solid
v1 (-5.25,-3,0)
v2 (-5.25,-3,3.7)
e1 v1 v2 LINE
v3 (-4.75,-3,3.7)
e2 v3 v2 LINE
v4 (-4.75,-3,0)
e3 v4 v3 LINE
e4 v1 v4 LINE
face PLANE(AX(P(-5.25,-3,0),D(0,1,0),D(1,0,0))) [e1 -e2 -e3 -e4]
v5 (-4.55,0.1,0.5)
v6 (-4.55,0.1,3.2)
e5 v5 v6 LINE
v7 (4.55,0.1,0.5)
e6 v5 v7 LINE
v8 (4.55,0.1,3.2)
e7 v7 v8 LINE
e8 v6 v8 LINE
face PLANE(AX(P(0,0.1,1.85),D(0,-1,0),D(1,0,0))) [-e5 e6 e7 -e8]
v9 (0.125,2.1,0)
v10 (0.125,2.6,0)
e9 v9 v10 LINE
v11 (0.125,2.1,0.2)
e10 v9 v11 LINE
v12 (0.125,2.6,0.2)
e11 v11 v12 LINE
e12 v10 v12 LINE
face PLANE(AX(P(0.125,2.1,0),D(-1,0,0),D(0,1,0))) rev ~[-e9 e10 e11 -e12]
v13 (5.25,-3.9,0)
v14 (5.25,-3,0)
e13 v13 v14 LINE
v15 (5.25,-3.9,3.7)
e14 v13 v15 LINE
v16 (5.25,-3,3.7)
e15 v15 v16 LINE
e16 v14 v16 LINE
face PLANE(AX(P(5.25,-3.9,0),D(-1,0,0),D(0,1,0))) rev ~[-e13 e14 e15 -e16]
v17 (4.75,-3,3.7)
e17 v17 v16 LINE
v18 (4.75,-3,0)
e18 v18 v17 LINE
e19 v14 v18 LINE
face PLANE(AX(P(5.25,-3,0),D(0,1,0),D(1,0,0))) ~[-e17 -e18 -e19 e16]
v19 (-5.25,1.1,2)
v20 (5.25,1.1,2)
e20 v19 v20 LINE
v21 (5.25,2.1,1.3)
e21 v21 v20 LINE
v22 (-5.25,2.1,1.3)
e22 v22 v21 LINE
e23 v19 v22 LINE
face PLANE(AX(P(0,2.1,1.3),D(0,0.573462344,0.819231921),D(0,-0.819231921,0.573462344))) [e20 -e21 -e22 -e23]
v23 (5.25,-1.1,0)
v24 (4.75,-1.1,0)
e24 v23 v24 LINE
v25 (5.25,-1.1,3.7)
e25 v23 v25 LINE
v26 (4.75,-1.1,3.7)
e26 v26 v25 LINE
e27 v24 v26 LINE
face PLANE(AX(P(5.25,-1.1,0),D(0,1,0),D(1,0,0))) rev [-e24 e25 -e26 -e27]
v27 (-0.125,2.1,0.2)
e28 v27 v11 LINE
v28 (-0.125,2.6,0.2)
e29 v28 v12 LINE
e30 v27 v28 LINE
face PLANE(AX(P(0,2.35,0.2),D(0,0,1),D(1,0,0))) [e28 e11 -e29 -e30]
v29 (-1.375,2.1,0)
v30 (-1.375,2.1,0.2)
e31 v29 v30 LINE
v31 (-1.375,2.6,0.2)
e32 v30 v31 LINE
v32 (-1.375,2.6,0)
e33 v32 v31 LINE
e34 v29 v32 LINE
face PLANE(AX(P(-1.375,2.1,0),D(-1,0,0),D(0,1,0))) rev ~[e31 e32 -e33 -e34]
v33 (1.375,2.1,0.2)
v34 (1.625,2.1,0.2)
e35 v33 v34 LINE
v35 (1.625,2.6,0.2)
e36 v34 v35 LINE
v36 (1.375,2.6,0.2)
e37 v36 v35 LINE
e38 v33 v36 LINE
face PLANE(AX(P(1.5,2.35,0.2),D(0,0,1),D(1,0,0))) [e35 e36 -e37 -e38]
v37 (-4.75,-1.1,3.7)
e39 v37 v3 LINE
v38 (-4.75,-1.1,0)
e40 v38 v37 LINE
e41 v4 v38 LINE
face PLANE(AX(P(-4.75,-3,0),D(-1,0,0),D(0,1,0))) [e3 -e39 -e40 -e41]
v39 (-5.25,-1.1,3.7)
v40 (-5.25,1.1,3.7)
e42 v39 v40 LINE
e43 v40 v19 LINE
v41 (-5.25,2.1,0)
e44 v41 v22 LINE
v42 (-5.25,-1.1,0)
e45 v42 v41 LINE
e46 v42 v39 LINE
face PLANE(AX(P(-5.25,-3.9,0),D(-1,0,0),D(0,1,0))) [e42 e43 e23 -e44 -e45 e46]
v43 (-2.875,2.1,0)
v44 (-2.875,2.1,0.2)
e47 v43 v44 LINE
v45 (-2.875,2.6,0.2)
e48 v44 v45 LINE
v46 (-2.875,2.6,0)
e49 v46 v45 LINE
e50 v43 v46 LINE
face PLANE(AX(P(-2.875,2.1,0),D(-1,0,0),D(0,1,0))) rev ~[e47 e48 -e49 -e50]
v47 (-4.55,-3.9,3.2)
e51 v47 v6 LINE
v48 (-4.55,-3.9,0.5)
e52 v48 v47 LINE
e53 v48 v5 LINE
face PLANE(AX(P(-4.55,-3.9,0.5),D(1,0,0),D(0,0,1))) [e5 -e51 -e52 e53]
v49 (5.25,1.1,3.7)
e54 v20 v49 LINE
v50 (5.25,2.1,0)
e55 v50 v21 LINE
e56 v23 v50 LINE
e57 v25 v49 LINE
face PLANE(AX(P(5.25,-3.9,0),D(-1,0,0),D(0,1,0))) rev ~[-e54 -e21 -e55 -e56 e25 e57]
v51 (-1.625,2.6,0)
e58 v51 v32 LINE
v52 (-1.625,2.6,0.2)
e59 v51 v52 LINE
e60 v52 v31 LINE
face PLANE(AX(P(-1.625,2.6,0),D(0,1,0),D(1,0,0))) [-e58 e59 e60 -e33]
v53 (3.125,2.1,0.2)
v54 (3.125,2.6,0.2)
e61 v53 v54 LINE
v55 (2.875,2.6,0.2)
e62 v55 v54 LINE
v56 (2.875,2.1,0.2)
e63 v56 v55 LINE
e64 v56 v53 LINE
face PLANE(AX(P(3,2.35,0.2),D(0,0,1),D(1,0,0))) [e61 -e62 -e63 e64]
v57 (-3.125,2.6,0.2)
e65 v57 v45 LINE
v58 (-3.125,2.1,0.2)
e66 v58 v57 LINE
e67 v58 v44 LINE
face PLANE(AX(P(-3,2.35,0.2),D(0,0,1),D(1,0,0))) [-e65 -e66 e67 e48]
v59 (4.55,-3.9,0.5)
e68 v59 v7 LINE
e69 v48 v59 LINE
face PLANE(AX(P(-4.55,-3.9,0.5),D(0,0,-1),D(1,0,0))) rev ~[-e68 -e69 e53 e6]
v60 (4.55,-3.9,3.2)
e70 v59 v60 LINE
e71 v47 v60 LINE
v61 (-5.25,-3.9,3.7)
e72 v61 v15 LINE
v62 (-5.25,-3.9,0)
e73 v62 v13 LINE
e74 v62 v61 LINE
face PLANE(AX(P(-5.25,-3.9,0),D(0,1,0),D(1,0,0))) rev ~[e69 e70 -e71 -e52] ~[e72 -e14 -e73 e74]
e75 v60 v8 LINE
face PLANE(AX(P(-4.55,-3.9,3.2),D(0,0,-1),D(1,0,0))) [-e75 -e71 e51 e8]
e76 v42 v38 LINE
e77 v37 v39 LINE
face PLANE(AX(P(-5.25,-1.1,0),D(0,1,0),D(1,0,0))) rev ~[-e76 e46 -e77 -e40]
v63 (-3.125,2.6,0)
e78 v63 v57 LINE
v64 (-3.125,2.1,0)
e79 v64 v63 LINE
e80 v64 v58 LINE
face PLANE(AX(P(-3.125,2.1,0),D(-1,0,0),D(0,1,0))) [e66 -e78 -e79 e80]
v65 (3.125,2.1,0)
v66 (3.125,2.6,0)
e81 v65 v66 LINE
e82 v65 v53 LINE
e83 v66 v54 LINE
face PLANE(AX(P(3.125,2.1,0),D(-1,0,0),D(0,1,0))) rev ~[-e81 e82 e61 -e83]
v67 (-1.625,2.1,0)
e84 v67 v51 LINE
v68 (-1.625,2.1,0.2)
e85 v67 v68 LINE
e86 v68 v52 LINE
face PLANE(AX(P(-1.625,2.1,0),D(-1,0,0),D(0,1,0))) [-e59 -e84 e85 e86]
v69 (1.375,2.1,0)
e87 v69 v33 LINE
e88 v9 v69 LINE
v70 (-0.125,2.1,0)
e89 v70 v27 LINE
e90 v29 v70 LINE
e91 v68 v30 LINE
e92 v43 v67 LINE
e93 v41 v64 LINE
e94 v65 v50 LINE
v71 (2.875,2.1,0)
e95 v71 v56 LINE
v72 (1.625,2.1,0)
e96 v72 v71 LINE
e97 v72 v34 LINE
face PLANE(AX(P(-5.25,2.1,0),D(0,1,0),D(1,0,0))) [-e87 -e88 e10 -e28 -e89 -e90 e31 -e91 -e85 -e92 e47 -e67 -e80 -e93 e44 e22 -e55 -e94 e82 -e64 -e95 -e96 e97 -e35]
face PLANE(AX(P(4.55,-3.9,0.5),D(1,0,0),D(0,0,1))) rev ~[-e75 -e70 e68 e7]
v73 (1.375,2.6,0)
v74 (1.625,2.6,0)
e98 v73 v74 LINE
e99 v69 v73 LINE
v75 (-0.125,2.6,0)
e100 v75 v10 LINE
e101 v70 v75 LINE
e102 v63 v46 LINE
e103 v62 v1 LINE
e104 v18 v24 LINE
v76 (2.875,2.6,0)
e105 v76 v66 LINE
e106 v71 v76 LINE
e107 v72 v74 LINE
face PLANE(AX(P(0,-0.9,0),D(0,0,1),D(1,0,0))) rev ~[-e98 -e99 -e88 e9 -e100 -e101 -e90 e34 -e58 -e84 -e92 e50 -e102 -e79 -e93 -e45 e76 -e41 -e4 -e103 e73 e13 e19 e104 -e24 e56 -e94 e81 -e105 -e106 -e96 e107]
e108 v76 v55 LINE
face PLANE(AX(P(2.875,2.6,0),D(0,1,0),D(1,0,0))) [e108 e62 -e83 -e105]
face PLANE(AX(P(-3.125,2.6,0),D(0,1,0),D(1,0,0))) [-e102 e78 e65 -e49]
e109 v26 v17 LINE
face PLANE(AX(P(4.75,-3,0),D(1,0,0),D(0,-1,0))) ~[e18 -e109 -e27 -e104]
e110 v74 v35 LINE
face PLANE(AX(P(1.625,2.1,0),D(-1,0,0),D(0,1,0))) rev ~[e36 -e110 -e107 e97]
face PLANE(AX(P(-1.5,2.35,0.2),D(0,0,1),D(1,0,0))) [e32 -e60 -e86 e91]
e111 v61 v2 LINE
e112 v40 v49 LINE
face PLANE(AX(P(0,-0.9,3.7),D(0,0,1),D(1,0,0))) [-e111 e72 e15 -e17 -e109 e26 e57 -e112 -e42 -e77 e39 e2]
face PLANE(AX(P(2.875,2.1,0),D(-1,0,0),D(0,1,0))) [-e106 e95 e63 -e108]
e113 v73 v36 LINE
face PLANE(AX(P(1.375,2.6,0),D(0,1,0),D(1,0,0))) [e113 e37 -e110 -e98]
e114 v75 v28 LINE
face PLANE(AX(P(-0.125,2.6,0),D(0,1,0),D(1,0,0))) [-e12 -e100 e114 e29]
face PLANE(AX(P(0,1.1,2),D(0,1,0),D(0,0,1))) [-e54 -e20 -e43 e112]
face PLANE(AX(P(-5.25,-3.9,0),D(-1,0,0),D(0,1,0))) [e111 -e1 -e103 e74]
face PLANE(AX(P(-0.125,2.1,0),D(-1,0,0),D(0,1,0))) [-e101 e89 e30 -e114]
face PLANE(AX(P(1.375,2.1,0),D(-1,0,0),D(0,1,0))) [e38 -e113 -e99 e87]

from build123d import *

# Parameters (mm, degrees)
SKETCH_W            = 10.5
SKETCH_H            = 6
PAD_DEPTH           = 3.7
SKETCH001_W         = 0.25
SKETCH001_H         = 0.5
PAD001_DEPTH        = 0.2
LINEARPATTERN_COUNT = 5
LINEARPATTERN_PITCH = 1.5
POCKET_DEPTH        = 5.251
POCKET_DEPTH_BACK   = -5.251
SKETCH003_W         = 0.5
SKETCH003_H         = 1.9
POCKET001_DEPTH     = 29.48394
SKETCH004_W         = 9.1
SKETCH004_H         = 2.7
POCKET002_DEPTH     = 4


with BuildPart() as part:
    # Sketch → Pad (new body)
    with BuildSketch(Plane.XY):
        with Locations((0, -0.9)):
            Rectangle(SKETCH_W, SKETCH_H)
    extrude(amount=PAD_DEPTH)

    # Sketch001 → Pad001 (join)
    with BuildSketch(Plane.XY):
        with Locations((-3, 2.35)):
            Rectangle(SKETCH001_W, SKETCH001_H)
    pad001 = extrude(amount=PAD001_DEPTH)

    # LinearPattern: Pad001 ×5
    with Locations(*[(i * LINEARPATTERN_PITCH, 0, 0) for i in range(1, LINEARPATTERN_COUNT)]):
        add(pad001)

    # Sketch002 → Pocket (cut, two sides)
    with BuildSketch(Plane.YZ) as pocket_sk:
        Polygon((1.1, 3.7), (2.1, 3.7), (2.1, 1.3), (1.1, 2), align=None)
    extrude(amount=-POCKET_DEPTH, mode=Mode.SUBTRACT)
    extrude(pocket_sk.sketch, amount=-POCKET_DEPTH_BACK, mode=Mode.SUBTRACT)

    # Sketch003 → Pocket001 (cut, through all)
    with BuildSketch(Plane.XY):
        with Locations((-5, -2.05)):
            Rectangle(SKETCH003_W, SKETCH003_H)
    pocket001 = extrude(amount=POCKET001_DEPTH, mode=Mode.SUBTRACT)

    # Mirrored: Pocket001 across YZ
    add(pocket001.mirror(Plane.YZ), mode=Mode.SUBTRACT)

    # Sketch004 (on Face18 of Mirrored) → Pocket002 (cut)
    with BuildSketch(Plane.XZ.offset(3.9)):
        with Locations((0, 1.85)):
            Rectangle(SKETCH004_W, SKETCH004_H)
    extrude(amount=-POCKET002_DEPTH, mode=Mode.SUBTRACT)


solid = part.part
